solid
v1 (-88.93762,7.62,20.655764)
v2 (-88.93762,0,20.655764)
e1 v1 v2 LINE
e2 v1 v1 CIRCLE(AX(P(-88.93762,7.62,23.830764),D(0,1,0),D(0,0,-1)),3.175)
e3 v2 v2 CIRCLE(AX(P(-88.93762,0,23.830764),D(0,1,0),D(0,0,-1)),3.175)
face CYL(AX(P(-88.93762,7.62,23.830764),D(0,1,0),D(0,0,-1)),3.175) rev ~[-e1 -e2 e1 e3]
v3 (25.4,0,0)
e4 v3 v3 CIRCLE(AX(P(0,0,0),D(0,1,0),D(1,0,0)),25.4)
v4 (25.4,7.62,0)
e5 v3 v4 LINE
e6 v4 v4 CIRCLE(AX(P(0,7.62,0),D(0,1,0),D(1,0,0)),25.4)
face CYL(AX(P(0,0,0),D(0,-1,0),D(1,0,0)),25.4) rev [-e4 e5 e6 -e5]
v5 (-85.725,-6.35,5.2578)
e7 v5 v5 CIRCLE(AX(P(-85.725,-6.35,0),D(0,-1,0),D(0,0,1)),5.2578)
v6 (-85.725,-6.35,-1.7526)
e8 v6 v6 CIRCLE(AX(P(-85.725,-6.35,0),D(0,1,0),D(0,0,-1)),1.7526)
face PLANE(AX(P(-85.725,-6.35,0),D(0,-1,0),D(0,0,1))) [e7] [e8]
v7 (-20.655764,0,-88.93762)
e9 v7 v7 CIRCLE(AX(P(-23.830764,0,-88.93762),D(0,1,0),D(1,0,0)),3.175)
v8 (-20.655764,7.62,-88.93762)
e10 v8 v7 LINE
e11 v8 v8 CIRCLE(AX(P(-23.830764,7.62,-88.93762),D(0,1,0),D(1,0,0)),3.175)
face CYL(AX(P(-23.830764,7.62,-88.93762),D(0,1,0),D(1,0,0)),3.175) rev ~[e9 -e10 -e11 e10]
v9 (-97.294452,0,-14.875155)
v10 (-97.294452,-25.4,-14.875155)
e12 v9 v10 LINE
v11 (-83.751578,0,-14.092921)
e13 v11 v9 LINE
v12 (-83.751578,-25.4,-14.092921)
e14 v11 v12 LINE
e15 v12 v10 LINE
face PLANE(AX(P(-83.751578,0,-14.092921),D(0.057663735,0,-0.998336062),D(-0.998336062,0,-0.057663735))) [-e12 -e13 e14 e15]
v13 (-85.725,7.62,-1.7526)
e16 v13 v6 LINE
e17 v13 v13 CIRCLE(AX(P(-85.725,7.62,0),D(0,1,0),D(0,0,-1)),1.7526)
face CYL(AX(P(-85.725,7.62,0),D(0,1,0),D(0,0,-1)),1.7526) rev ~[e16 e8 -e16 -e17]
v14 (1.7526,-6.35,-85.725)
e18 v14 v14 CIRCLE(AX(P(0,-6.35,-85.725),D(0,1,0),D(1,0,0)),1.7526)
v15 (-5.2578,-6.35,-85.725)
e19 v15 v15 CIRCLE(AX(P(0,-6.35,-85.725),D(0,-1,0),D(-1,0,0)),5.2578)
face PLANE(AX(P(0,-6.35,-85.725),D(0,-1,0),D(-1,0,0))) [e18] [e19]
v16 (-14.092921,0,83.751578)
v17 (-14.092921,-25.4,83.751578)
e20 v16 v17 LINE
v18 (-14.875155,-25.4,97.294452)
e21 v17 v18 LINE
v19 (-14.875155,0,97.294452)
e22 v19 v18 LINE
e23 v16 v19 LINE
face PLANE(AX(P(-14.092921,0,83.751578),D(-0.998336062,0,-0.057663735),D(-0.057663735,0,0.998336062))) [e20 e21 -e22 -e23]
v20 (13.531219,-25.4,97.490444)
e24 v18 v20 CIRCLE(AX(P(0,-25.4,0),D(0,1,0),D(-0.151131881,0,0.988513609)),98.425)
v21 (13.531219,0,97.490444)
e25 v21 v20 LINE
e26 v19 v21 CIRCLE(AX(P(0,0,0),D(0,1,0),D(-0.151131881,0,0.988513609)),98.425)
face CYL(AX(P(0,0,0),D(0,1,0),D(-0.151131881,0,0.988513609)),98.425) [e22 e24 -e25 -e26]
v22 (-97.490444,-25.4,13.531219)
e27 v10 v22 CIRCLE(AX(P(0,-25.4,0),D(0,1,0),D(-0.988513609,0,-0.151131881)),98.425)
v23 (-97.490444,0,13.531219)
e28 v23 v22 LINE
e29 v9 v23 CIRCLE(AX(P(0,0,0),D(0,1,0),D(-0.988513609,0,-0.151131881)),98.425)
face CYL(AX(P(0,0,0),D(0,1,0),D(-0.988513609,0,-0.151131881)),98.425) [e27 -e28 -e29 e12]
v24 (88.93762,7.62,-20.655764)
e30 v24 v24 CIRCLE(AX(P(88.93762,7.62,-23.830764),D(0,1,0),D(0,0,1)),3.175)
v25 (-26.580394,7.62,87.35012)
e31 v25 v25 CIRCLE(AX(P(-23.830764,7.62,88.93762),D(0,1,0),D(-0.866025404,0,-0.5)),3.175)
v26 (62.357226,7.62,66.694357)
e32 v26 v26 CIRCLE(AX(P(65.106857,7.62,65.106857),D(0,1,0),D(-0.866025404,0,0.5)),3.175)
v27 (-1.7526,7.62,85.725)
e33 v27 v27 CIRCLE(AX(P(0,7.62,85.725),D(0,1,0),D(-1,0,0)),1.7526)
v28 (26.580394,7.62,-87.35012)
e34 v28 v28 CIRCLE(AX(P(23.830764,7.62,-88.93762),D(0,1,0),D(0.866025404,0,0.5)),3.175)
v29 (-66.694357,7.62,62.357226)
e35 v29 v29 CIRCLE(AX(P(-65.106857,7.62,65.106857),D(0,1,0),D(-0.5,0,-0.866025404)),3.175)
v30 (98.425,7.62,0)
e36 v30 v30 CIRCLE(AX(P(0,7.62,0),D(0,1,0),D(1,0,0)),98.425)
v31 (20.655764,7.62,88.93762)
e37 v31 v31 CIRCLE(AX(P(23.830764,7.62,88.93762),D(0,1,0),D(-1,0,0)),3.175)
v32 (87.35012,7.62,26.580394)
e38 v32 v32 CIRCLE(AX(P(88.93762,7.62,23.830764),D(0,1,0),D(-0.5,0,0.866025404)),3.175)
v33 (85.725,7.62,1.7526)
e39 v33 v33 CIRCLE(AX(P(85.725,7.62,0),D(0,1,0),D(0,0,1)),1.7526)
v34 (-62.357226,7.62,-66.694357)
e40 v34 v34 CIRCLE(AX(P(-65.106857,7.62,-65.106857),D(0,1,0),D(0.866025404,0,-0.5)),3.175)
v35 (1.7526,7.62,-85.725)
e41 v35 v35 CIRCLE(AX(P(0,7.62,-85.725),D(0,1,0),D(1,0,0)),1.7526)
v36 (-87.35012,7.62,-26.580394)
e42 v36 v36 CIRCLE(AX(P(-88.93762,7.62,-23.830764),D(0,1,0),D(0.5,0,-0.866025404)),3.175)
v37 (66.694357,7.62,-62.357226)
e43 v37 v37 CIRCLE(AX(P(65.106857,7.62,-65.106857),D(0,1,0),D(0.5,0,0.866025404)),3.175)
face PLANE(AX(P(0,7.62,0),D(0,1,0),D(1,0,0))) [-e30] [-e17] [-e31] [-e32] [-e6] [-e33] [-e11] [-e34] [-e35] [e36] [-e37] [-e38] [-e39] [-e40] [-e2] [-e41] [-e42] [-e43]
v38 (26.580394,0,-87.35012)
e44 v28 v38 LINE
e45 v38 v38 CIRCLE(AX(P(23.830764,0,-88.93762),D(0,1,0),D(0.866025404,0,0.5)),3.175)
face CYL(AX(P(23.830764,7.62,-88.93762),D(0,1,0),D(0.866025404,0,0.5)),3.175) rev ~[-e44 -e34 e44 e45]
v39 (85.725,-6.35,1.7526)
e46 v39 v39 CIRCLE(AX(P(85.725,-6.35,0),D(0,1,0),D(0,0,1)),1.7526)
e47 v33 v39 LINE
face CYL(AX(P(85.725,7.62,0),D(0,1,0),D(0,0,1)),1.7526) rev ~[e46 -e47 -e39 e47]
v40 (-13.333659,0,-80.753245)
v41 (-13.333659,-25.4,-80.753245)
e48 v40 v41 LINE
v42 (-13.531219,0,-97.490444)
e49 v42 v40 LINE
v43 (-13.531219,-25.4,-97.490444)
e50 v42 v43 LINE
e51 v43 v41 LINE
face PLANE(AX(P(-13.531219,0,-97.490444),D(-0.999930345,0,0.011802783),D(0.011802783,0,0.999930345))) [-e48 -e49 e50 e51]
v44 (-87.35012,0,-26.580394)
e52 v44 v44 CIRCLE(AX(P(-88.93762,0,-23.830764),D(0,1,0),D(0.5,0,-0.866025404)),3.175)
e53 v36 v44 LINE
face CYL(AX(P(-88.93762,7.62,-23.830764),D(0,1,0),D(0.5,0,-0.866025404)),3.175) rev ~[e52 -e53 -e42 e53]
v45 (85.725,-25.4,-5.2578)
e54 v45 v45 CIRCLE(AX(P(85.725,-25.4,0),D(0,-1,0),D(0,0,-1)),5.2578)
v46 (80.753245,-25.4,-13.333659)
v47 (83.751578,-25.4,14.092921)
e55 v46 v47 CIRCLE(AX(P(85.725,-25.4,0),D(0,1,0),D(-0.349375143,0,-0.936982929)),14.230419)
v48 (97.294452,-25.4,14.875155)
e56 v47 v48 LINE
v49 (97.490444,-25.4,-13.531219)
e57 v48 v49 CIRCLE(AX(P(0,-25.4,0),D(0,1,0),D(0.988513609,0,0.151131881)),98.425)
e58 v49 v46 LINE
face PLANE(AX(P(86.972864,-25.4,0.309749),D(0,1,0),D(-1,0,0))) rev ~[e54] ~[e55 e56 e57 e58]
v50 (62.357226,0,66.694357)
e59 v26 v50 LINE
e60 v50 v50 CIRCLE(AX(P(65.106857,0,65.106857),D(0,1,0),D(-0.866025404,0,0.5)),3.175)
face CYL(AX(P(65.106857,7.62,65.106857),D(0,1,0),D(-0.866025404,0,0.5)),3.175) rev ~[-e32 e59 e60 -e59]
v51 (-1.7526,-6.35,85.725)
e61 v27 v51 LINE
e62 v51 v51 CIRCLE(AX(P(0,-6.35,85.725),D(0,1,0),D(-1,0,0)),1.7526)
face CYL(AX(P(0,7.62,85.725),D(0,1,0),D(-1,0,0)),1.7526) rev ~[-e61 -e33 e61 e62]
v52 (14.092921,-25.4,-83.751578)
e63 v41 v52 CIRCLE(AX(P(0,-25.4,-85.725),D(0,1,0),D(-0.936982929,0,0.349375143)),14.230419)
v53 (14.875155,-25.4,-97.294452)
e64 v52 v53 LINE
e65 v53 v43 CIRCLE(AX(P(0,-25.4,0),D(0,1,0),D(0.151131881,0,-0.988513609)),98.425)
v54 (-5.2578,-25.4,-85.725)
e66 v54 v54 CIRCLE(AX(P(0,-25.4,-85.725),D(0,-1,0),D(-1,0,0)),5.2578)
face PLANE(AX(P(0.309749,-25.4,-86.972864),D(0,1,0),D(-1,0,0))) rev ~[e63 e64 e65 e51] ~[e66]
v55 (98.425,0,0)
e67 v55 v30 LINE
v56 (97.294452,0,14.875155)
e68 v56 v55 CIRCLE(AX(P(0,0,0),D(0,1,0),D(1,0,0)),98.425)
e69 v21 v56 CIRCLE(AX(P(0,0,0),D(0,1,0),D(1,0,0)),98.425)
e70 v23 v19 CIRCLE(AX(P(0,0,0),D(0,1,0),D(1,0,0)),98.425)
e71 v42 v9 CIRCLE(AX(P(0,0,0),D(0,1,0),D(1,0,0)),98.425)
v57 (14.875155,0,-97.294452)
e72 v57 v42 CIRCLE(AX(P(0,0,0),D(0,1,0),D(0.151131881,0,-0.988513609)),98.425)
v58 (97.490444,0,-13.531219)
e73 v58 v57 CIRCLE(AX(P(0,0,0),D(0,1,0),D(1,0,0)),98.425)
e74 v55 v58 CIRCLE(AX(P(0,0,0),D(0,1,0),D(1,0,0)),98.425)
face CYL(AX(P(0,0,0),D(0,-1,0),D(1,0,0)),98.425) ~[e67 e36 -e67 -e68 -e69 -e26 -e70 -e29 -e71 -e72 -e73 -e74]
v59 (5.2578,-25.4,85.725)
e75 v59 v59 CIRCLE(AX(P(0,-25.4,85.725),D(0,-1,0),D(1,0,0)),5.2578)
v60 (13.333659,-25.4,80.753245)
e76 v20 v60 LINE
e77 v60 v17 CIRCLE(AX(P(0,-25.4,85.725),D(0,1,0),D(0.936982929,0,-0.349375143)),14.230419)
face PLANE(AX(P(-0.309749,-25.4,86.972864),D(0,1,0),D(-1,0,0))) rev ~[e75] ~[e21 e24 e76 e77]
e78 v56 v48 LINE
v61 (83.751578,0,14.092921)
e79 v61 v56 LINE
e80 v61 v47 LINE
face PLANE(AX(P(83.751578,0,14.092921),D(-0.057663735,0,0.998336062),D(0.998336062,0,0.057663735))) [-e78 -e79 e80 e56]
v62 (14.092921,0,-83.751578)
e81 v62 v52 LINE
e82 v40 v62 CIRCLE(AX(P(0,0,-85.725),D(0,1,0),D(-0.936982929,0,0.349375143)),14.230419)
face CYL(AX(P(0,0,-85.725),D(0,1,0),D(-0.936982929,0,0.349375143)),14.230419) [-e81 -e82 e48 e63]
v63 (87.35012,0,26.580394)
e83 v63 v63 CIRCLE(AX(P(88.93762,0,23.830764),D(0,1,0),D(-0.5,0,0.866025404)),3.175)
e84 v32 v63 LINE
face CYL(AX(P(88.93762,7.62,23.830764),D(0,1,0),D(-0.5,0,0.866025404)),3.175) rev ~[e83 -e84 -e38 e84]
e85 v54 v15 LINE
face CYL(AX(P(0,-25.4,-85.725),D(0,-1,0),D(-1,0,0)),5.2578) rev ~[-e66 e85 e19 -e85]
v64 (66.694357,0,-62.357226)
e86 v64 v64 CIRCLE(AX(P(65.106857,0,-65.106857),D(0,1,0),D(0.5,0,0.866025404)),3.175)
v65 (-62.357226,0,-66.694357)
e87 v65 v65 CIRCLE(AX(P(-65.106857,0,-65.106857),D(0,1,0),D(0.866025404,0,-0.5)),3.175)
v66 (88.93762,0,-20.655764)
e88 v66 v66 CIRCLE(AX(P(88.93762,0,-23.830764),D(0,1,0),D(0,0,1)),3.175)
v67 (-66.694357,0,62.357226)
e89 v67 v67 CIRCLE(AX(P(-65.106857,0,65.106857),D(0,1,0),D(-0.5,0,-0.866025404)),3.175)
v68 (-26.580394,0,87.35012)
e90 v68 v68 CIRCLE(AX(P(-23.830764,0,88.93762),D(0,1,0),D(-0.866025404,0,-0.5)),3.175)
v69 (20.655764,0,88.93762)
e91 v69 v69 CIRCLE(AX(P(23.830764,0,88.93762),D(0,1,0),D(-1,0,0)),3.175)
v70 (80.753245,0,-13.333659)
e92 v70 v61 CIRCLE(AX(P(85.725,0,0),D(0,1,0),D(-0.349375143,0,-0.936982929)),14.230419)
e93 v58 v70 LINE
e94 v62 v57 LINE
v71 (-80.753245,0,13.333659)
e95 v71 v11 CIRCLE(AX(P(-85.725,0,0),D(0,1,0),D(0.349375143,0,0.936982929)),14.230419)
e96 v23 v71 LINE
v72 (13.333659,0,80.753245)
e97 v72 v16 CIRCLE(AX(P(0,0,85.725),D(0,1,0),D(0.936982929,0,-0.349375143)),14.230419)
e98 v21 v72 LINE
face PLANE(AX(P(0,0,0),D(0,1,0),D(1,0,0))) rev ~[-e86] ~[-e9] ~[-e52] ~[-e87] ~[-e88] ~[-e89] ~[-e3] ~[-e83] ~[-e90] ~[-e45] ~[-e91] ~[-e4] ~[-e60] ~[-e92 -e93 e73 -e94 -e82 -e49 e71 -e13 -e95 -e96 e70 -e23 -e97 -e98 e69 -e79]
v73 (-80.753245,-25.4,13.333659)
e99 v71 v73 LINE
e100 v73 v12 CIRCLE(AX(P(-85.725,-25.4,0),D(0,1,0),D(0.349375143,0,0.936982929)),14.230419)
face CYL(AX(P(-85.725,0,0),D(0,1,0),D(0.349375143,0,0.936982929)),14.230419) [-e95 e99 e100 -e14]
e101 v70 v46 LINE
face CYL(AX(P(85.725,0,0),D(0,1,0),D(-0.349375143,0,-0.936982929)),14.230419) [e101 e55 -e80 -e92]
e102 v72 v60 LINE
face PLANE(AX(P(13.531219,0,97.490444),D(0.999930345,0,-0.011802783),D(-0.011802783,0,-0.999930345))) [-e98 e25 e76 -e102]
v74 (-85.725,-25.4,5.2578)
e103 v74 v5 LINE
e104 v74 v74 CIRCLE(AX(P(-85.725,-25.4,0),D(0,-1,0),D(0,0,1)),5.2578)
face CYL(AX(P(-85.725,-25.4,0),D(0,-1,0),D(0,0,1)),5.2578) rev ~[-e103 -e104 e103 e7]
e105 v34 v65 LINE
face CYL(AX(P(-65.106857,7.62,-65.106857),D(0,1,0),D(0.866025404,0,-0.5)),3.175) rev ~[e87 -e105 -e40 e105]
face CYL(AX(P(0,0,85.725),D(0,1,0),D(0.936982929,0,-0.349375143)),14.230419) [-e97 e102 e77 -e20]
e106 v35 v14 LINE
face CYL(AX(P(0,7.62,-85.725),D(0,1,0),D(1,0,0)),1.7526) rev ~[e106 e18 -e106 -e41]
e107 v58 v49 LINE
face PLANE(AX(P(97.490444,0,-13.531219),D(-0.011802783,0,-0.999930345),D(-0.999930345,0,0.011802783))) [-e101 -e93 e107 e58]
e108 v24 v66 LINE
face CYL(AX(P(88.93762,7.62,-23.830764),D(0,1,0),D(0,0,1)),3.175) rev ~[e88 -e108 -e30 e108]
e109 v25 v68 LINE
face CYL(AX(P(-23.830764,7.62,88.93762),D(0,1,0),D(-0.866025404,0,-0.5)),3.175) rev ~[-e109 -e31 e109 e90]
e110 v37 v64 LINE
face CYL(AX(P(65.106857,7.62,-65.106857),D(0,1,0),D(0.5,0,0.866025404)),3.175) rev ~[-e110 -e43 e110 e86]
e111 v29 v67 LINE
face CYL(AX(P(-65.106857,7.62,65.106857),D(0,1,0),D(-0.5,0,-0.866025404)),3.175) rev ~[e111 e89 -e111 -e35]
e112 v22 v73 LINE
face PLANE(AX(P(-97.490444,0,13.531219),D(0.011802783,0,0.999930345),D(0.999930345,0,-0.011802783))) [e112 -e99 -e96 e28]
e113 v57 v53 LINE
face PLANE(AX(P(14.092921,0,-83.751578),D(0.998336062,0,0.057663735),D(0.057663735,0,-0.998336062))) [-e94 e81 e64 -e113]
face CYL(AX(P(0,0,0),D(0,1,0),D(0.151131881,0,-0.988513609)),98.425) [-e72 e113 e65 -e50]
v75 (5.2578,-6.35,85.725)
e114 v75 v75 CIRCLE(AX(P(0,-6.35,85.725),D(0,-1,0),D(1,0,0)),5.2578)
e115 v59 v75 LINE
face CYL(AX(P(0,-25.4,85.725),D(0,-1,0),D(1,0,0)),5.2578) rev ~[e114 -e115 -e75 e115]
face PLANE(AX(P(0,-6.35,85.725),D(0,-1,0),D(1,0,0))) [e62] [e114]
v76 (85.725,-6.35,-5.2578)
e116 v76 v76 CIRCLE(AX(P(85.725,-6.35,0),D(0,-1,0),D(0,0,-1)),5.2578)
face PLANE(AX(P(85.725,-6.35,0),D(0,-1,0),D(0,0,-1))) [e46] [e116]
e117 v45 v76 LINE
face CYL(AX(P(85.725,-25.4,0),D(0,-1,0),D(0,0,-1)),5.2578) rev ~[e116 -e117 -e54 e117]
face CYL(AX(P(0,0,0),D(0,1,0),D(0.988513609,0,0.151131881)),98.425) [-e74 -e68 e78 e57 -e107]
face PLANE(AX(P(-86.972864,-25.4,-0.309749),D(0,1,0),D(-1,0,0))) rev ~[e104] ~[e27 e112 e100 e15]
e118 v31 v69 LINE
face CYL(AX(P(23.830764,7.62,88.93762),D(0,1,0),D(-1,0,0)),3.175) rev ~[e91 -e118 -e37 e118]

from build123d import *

# Parameters (mm, degrees)
SKETCH1_R           = 98.425
SKETCH1_R_2         = 25.4
BOSS_EXTRUDE1_DEPTH = 7.62
BOSS_EXTRUDE2_DEPTH = 25.4
SKETCH5_R           = 5.2578
CUT_EXTRUDE3_DEPTH  = 19.05
SKETCH6_R           = 3.175
CUT_EXTRUDE4_DEPTH  = 12.7
CIRPATTERN1_COUNT   = 12
CIRPATTERN2_COUNT   = 4
SKETCH8_R           = 1.7526
CUT_EXTRUDE6_DEPTH  = 34.02
CIRPATTERN3_COUNT   = 4


with BuildPart() as part:
    # Sketch1 → Boss-Extrude1 (new body)
    with BuildSketch(Plane(origin=(0, 0, 0), x_dir=(1, 0, 0), z_dir=(0, 1, 0))):
        Circle(SKETCH1_R)
        Circle(SKETCH1_R_2, mode=Mode.SUBTRACT)
    extrude(amount=BOSS_EXTRUDE1_DEPTH)

    # Sketch2 → Boss-Extrude2 (add)
    with BuildSketch(Plane.XZ):
        with BuildLine():
            Line((-14.092921054, 83.751577801), (-14.875155352, 97.29445194))
            ThreePointArc((-14.875155352, 97.29445194), (-0.679076319, 98.422657353), (13.531218764, 97.490444372))
            Line((13.531218764, 97.490444372), (13.333659481, 80.753245397))
            ThreePointArc((13.333659481, 80.753245397), (-1.546485964, 71.578862712), (-14.092921054, 83.751577801))
        make_face()
        with BuildLine():
            Line((83.751577801, 14.092921054), (97.29445194, 14.875155352))
            ThreePointArc((97.29445194, 14.875155352), (98.422657353, 0.679076319), (97.490444372, -13.531218764))
            Line((97.490444372, -13.531218764), (80.753245397, -13.333659481))
            ThreePointArc((80.753245397, -13.333659481), (71.578862712, 1.546485964), (83.751577801, 14.092921054))
        make_face()
        with BuildLine():
            Line((14.092921054, -83.751577801), (14.875155352, -97.29445194))
            ThreePointArc((14.875155352, -97.29445194), (0.679076319, -98.422657353), (-13.531218764, -97.490444372))
            Line((-13.531218764, -97.490444372), (-13.333659481, -80.753245397))
            ThreePointArc((-13.333659481, -80.753245397), (1.546485964, -71.578862712), (14.092921054, -83.751577801))
        make_face()
        with BuildLine():
            Line((-83.751577801, -14.092921054), (-97.29445194, -14.875155352))
            ThreePointArc((-97.29445194, -14.875155352), (-98.422657353, -0.679076319), (-97.490444372, 13.531218764))
            Line((-97.490444372, 13.531218764), (-80.753245397, 13.333659481))
            ThreePointArc((-80.753245397, 13.333659481), (-71.578862712, -1.546485964), (-83.751577801, -14.092921054))
        make_face()
    extrude(amount=BOSS_EXTRUDE2_DEPTH)

    # Sketch5 → Cut-Extrude3 (cut)
    with BuildSketch(Plane.XZ.offset(25.4)):
        with Locations((0, 85.725)):
            Circle(SKETCH5_R)
    cut_extrude3 = extrude(amount=-CUT_EXTRUDE3_DEPTH, mode=Mode.SUBTRACT)

    # Sketch6 → Cut-Extrude4 (cut)
    with BuildSketch(Plane(origin=(0, 7.62, 0), x_dir=(1, 0, 0), z_dir=(0, 1, 0))):
        with Locations((-23.830763578, 88.937620456)):
            Circle(SKETCH6_R)
    cut_extrude4 = extrude(amount=-CUT_EXTRUDE4_DEPTH, mode=Mode.SUBTRACT)

    # CirPattern1: Cut-Extrude4 ×12 about axis
    cirpattern1_axis = Axis((0, 0, 0), (0, 1, 0))
    for i in range(1, CIRPATTERN1_COUNT):
        add(cut_extrude4.rotate(cirpattern1_axis, i * 360 / CIRPATTERN1_COUNT), mode=Mode.SUBTRACT)

    # CirPattern2: Cut-Extrude3 ×4 about axis
    cirpattern2_axis = Axis((0, 0, 0), (0, 1, 0))
    for i in range(1, CIRPATTERN2_COUNT):
        add(cut_extrude3.rotate(cirpattern2_axis, i * 360 / CIRPATTERN2_COUNT), mode=Mode.SUBTRACT)

    # Sketch8 → Cut-Extrude6 (cut, through all)
    with BuildSketch(Plane(origin=(0, 7.62, 0), x_dir=(1, 0, 0), z_dir=(0, 1, 0))):
        with Locations((0, 85.725)):
            Circle(SKETCH8_R)
    cut_extrude6 = extrude(amount=-CUT_EXTRUDE6_DEPTH, mode=Mode.SUBTRACT)

    # CirPattern3: Cut-Extrude6 ×4 about axis
    cirpattern3_axis = Axis((0, 0, 0), (0, 1, 0))
    for i in range(1, CIRPATTERN3_COUNT):
        add(cut_extrude6.rotate(cirpattern3_axis, i * 360 / CIRPATTERN3_COUNT), mode=Mode.SUBTRACT)


solid = part.part
